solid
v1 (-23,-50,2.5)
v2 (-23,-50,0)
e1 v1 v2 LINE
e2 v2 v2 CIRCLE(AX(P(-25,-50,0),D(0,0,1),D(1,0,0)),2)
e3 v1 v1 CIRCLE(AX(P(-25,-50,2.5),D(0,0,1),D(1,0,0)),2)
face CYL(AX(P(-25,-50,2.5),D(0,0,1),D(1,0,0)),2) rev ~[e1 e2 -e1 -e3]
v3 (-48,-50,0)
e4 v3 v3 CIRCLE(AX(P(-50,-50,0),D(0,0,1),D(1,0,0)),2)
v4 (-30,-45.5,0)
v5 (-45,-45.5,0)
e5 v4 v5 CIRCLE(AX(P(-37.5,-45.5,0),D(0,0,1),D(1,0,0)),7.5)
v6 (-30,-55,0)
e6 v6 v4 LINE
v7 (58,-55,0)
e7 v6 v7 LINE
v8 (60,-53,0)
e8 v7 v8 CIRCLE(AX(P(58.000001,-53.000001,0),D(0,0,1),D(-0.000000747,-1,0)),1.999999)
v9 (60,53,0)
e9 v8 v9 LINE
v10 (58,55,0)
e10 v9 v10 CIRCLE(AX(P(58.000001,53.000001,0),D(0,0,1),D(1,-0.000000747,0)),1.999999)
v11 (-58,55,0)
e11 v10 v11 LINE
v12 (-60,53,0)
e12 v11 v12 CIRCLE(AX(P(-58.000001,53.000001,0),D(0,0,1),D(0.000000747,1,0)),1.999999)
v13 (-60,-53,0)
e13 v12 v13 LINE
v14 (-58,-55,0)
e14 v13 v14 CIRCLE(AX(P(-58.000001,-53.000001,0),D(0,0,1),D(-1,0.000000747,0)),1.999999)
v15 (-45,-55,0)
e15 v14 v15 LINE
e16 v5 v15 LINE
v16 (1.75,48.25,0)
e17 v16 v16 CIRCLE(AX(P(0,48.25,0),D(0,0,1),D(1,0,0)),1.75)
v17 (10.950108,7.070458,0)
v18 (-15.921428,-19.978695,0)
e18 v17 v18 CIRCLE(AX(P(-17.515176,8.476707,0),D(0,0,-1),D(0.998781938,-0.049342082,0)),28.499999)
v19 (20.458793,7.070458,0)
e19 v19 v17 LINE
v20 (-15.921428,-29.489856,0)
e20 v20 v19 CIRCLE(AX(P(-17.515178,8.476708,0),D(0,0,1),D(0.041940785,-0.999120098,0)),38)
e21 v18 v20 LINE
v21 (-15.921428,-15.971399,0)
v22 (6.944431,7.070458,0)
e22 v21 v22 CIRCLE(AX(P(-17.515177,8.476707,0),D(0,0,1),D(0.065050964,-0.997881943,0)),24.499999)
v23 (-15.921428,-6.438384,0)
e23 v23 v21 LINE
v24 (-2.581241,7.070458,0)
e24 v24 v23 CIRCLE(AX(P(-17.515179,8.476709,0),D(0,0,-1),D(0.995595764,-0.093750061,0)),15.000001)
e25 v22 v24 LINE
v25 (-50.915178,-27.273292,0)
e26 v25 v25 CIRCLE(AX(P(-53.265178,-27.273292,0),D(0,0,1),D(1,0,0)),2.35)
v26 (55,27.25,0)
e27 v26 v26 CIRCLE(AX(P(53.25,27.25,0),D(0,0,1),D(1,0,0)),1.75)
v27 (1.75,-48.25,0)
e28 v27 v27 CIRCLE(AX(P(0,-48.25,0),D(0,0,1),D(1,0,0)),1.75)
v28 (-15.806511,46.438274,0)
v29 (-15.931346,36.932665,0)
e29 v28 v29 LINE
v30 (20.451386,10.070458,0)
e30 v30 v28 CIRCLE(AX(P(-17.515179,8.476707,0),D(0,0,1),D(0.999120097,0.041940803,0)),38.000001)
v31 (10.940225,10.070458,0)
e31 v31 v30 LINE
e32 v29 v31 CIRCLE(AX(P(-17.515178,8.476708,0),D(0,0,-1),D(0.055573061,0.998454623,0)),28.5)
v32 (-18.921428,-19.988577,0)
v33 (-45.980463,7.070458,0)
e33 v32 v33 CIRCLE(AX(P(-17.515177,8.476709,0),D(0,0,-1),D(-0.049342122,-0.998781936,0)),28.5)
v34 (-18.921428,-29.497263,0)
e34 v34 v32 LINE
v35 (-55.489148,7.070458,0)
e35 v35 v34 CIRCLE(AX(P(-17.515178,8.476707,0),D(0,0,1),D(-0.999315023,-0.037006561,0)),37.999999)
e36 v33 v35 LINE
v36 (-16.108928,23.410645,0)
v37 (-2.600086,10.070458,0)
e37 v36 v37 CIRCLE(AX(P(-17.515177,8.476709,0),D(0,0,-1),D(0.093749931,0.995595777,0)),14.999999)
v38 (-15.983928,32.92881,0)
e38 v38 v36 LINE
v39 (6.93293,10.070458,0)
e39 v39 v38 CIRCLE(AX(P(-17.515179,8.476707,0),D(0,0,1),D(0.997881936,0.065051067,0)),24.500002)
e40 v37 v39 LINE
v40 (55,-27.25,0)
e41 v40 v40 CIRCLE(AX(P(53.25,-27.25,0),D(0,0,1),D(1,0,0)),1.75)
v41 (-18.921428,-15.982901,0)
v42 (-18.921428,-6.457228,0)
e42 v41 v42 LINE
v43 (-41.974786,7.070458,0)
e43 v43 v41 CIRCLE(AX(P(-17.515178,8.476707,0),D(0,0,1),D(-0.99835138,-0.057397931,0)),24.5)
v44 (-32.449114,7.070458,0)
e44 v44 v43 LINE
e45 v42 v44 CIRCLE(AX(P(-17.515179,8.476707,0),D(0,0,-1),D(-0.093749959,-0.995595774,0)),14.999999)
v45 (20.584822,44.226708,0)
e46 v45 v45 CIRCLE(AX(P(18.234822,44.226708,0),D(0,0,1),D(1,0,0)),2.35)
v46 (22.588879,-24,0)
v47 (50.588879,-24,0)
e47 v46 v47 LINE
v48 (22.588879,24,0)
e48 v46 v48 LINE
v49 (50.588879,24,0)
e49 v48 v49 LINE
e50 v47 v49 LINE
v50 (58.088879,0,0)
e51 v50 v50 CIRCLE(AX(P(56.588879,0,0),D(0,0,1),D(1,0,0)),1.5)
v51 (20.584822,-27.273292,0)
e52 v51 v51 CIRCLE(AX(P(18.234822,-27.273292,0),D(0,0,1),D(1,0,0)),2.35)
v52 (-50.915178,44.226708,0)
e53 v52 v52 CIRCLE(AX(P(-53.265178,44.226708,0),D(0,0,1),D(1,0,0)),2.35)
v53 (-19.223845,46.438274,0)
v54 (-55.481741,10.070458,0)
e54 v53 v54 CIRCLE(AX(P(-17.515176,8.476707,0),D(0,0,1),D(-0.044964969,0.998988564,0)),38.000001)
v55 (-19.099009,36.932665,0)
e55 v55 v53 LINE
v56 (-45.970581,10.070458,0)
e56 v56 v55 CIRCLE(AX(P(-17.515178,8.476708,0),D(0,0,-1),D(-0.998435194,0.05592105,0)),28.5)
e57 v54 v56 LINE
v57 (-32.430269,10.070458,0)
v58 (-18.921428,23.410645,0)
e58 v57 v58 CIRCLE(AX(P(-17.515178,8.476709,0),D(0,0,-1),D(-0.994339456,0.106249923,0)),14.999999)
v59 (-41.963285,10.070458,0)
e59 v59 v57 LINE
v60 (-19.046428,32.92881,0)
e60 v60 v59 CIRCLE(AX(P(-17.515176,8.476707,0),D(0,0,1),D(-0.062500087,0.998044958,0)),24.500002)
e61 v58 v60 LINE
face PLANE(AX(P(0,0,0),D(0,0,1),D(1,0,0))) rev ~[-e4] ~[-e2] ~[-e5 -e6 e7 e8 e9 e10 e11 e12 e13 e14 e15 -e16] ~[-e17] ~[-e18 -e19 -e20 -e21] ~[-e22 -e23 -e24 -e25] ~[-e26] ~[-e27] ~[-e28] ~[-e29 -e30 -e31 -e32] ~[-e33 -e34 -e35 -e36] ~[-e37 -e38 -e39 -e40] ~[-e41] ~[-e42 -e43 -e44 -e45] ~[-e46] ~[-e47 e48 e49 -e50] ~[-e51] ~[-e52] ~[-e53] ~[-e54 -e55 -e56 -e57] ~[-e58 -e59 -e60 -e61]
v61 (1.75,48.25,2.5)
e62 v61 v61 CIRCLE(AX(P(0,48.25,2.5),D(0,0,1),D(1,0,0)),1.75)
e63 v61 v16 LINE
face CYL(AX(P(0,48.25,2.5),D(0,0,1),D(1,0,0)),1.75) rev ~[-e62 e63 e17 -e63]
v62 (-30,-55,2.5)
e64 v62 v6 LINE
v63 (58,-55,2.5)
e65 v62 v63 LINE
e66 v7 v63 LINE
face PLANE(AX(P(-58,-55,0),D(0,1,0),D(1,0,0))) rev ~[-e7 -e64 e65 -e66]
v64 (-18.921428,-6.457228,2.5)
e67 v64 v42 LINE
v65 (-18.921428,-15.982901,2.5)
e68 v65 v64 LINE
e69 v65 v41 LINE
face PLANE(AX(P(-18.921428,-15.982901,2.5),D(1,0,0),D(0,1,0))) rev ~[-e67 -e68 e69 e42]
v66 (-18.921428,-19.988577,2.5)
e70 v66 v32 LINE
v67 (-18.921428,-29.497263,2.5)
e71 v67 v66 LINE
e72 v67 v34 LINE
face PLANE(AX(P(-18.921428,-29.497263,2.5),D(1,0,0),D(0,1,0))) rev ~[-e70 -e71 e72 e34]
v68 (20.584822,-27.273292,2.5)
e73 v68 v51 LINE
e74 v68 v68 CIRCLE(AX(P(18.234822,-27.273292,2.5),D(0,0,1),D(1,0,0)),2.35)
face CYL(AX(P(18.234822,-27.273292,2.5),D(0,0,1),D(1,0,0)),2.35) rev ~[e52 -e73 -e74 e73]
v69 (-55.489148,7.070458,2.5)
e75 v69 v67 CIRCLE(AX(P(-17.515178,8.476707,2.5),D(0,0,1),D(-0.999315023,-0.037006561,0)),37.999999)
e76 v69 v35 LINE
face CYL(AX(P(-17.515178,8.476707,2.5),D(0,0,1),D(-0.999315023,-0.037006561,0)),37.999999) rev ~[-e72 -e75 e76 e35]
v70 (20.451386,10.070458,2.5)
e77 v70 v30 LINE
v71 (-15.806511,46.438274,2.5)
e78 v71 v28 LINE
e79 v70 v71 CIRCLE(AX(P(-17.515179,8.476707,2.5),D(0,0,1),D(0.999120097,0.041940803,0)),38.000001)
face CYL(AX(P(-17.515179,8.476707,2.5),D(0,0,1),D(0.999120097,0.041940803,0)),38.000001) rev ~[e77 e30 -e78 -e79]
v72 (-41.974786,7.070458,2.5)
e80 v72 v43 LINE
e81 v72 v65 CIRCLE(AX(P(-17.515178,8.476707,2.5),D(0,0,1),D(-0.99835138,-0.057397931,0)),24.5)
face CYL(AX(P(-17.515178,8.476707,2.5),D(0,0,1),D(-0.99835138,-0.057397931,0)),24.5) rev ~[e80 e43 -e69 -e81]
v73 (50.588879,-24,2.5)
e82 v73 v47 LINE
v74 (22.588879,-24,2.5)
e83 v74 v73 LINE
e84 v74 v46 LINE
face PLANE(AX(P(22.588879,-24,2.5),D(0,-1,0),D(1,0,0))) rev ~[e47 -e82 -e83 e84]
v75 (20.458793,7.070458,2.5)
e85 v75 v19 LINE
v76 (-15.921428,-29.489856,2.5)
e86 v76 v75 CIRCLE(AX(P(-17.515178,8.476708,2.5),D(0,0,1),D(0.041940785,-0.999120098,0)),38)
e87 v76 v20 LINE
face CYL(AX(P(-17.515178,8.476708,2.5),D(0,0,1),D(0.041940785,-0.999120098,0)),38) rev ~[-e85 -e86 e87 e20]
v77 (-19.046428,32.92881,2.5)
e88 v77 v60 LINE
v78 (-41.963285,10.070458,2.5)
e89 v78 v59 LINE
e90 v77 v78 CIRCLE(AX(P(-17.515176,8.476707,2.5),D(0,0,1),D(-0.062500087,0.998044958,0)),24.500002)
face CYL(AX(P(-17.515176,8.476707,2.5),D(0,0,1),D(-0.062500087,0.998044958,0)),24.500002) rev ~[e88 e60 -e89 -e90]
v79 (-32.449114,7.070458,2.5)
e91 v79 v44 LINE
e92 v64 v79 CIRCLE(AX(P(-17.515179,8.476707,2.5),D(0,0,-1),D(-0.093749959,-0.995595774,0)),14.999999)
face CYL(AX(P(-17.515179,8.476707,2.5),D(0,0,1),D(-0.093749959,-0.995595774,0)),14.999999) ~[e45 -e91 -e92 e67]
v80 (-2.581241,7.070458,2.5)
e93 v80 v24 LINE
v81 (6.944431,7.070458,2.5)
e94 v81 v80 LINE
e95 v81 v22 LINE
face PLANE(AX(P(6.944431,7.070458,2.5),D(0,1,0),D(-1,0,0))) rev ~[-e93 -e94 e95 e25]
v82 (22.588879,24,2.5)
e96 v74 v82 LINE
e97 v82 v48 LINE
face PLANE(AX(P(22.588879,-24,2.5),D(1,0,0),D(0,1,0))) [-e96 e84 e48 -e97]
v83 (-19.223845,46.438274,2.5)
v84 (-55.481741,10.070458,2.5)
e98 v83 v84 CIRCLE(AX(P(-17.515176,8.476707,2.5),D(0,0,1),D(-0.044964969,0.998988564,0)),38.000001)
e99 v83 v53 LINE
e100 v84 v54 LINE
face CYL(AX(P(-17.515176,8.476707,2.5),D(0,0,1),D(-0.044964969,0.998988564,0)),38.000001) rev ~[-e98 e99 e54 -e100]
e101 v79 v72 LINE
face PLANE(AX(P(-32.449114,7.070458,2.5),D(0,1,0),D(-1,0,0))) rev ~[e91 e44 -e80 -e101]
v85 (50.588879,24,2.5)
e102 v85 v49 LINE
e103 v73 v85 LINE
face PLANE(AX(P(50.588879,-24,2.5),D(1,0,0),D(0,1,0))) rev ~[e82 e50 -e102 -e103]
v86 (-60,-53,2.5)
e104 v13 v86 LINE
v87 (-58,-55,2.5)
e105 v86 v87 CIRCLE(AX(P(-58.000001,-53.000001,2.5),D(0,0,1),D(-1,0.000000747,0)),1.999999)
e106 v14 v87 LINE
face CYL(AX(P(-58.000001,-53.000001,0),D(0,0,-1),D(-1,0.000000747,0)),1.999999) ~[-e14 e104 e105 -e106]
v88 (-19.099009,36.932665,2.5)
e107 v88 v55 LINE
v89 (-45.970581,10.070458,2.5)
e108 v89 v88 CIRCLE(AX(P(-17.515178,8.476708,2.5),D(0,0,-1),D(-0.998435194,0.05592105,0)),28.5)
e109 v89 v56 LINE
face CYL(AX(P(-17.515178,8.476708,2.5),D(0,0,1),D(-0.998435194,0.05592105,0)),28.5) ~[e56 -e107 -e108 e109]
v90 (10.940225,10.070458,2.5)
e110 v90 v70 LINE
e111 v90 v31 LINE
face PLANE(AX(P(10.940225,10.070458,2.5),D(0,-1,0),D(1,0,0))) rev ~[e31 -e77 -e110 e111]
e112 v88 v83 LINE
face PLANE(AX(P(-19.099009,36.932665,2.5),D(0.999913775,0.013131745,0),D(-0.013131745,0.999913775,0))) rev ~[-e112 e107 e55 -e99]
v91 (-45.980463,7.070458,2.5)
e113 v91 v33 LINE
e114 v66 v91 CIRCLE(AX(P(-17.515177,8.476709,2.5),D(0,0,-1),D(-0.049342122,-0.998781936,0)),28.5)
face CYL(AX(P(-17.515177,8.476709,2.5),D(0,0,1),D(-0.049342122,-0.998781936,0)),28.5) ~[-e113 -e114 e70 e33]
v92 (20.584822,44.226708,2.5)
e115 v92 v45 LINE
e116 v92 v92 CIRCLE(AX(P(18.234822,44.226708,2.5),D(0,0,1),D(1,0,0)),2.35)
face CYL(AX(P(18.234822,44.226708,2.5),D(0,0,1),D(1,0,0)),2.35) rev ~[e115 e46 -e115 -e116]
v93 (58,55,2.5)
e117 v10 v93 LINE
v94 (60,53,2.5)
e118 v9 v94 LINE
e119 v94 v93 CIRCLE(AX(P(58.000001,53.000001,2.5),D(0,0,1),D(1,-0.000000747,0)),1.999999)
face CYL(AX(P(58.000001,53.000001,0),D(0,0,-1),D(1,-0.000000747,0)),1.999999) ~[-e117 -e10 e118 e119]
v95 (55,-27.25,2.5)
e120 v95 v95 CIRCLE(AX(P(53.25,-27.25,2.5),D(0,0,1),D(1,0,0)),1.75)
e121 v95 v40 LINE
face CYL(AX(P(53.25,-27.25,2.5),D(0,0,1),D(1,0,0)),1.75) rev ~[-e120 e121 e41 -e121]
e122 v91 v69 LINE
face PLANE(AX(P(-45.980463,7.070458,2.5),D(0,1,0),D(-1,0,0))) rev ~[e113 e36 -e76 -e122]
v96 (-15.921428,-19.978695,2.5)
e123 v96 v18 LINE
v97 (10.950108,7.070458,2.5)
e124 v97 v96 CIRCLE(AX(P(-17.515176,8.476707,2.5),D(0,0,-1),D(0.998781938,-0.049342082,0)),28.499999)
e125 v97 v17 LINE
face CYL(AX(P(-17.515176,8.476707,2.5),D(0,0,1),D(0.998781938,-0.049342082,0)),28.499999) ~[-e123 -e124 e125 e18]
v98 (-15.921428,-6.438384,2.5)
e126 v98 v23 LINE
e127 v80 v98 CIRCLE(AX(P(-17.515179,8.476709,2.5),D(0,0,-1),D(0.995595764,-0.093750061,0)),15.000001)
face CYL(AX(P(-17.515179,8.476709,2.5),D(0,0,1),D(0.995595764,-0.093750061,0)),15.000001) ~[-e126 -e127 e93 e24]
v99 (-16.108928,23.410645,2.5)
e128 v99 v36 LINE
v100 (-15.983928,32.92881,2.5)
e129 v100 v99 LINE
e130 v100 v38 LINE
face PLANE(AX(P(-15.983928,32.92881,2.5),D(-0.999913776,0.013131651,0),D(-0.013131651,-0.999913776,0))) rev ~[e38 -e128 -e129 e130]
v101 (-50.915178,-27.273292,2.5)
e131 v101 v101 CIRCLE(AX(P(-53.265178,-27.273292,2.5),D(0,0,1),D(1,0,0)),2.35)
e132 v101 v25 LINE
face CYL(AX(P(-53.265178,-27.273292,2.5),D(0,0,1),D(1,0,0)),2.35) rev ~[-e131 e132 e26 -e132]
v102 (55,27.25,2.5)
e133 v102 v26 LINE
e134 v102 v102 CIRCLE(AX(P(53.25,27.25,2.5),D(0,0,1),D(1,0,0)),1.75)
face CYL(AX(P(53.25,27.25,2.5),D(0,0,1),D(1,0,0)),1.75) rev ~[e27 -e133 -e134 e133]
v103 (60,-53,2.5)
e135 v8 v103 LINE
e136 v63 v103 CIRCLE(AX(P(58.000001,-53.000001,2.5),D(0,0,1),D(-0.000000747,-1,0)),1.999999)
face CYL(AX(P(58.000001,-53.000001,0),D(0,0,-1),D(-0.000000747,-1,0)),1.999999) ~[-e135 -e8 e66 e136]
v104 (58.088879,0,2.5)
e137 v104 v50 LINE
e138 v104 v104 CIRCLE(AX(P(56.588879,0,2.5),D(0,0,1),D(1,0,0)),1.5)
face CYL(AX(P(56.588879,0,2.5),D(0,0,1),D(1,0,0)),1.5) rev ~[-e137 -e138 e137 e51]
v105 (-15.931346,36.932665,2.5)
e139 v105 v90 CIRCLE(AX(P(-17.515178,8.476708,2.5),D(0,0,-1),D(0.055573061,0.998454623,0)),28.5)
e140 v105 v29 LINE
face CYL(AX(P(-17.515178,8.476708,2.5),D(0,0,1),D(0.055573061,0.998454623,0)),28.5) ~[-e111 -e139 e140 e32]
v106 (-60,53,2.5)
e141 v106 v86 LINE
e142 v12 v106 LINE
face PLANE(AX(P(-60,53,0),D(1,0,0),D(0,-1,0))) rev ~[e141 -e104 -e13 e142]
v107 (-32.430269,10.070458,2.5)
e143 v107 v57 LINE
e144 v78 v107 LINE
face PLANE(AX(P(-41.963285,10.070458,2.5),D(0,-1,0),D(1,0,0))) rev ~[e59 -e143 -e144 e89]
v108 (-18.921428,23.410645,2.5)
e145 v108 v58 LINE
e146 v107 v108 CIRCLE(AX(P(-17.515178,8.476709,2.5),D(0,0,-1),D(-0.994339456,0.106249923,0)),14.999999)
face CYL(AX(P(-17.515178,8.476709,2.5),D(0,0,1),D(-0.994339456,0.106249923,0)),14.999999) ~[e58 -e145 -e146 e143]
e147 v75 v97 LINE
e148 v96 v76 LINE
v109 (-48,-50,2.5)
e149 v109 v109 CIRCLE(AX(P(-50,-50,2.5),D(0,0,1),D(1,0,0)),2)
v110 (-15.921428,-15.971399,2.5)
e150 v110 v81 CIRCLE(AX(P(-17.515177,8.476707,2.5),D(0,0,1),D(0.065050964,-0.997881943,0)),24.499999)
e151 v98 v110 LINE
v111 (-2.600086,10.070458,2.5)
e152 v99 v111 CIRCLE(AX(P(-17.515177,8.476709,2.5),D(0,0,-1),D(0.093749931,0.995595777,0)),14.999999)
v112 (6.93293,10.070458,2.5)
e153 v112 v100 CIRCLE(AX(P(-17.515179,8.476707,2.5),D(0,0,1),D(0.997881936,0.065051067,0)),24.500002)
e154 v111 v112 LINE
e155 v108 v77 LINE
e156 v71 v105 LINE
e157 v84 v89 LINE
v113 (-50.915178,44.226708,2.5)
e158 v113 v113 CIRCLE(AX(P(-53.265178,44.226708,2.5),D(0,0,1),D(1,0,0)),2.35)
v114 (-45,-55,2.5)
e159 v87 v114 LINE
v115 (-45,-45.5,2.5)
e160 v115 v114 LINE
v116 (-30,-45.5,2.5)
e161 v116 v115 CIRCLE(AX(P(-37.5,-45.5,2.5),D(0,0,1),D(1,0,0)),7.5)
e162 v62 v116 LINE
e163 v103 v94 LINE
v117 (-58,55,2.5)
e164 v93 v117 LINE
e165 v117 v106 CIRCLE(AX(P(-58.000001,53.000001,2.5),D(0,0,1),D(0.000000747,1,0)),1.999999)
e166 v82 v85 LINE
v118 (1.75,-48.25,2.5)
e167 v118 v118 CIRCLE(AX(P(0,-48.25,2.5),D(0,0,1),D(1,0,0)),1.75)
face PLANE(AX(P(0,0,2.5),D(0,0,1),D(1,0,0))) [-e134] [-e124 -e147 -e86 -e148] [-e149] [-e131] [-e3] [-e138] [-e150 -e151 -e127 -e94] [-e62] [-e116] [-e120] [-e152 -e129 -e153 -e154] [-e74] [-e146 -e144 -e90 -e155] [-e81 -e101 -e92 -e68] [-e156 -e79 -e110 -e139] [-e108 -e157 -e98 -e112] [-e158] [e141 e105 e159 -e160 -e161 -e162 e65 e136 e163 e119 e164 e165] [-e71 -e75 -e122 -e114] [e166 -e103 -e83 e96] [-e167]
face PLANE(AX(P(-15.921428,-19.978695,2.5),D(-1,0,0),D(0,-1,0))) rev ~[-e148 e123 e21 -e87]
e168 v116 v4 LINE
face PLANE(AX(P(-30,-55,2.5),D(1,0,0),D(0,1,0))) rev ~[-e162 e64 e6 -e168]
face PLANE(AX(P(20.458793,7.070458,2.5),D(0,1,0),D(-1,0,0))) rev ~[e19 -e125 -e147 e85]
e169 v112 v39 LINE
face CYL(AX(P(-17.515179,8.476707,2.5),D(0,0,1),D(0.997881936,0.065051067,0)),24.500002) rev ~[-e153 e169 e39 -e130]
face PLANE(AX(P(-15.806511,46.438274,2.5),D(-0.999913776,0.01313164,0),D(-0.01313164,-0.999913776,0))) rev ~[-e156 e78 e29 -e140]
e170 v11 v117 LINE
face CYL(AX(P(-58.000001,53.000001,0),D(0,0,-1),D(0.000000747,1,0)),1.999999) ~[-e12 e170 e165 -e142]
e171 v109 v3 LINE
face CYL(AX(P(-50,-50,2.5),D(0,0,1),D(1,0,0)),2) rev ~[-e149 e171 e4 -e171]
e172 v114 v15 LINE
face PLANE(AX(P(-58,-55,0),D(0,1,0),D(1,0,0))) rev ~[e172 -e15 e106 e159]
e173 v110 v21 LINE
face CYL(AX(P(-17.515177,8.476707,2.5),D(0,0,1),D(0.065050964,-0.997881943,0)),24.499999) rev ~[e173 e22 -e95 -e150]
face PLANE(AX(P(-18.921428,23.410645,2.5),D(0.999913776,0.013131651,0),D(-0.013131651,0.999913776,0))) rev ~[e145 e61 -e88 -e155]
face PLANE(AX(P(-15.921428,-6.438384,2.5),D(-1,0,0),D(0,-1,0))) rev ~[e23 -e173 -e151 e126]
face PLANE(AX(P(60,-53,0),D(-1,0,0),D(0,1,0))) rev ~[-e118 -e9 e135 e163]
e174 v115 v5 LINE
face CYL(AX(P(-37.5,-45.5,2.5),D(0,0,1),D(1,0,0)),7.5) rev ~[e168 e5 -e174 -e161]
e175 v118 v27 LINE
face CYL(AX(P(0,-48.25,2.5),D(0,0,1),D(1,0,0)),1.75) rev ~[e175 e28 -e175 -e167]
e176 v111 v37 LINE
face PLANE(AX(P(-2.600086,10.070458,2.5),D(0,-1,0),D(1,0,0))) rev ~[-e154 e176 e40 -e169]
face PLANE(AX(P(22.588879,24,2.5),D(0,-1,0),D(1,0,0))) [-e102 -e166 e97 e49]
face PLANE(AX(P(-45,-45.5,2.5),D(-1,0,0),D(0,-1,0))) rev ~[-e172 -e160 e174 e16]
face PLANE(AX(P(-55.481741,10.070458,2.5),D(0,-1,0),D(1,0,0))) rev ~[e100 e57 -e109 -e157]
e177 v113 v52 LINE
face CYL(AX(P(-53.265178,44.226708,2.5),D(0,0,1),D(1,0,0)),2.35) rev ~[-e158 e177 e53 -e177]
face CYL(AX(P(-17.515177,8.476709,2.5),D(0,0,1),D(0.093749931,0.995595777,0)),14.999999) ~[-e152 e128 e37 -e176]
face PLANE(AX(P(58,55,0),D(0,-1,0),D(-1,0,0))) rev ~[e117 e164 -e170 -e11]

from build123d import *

# Parameters (mm, degrees)
F1_DEPTH = 2.5
F2_R     = 1.75
F3_DEPTH = 2.5
F4_R     = 2.35
F4_R_2   = 2
F5_DEPTH = 2.5
F6_W     = 28
F6_H     = 48
F6_R     = 1.5
F7_DEPTH = 2.5


with BuildPart() as f1:
    # F0 (on Top) → F1 (new body)
    with BuildSketch(Plane.XY):
        with BuildLine():
            Line((58, 55), (-58, 55))
            ThreePointArc((-58, 55), (-59.414214, 54.414214), (-60, 53))
            Line((-60, 53), (-60, -53))
            ThreePointArc((-60, -53), (-59.414214, -54.414214), (-58, -55))
            Line((-58, -55), (58, -55))
            ThreePointArc((58, -55), (59.414214, -54.414214), (60, -53))
            Line((60, -53), (60, 53))
            ThreePointArc((60, 53), (59.414214, 54.414214), (58, 55))
        make_face()
    extrude(amount=F1_DEPTH)

    # F2 (on face) → F3 (cut, through all)
    with BuildSketch(Plane.XY.offset(2.5)):
        with Locations((53.25, 27.25)):
            Circle(F2_R)
        with Locations((0, 48.25)):
            Circle(F2_R)
        with Locations((0, -48.25)):
            Circle(F2_R)
        with Locations((53.25, -27.25)):
            Circle(F2_R)
        with Locations((-53.25, -27.25)):
            Circle(F2_R)
    extrude(amount=-F3_DEPTH, mode=Mode.SUBTRACT)

    # F4 (on face) → F5 (cut, through all)
    with BuildSketch(Plane.XY.offset(2.5)):
        with BuildLine():
            Line((-45, -45.5), (-45, -55))
            Line((-45, -55), (-30, -55))
            Line((-30, -55), (-30, -45.5))
            ThreePointArc((-30, -45.5), (-37.5, -38), (-45, -45.5))
        make_face()
        with Locations((-53.265178, 44.226708)):
            Circle(F4_R)
        with Locations((18.234822, 44.226708)):
            Circle(F4_R)
        with Locations((-53.265178, -27.273292)):
            Circle(F4_R)
        with Locations((18.234822, -27.273292)):
            Circle(F4_R)
        with BuildLine():
            ThreePointArc((-18.921428, -6.457228), (-28.121779, -2.129894), (-32.449114, 7.070458))
            Line((-32.449114, 7.070458), (-41.974786, 7.070458))
            ThreePointArc((-41.974786, 7.070458), (-34.839294, -8.847408), (-18.921428, -15.982901))
            Line((-18.921428, -15.982901), (-18.921428, -6.457228))
        make_face()
        with BuildLine():
            ThreePointArc((-18.921428, -19.988577), (-37.667721, -11.675835), (-45.980463, 7.070458))
            Line((-45.980463, 7.070458), (-55.489148, 7.070458))
            ThreePointArc((-55.489148, 7.070458), (-44.385235, -18.39335), (-18.921428, -29.497263))
            Line((-18.921428, -29.497263), (-18.921428, -19.988577))
        make_face()
        with BuildLine():
            ThreePointArc((-19.223845, 46.438274), (-44.425872, 35.306067), (-55.481741, 10.070458))
            Line((-55.481741, 10.070458), (-45.970581, 10.070458))
            ThreePointArc((-45.970581, 10.070458), (-37.664209, 28.632763), (-19.099009, 36.932665))
            Line((-19.099009, 36.932665), (-19.223845, 46.438274))
        make_face()
        with BuildLine():
            Line((-15.921428, -19.978695), (-15.921428, -29.489856))
            ThreePointArc((-15.921428, -29.489856), (9.421141, -18.326925), (20.458793, 7.070458))
            Line((20.458793, 7.070458), (10.950108, 7.070458))
            ThreePointArc((10.950108, 7.070458), (2.70364, -11.609343), (-15.921428, -19.978695))
        make_face()
        with BuildLine():
            ThreePointArc((-16.108928, 23.410645), (-6.97541, 19.149726), (-2.600086, 10.070458))
            Line((-2.600086, 10.070458), (6.93293, 10.070458))
            ThreePointArc((6.93293, 10.070458), (-0.213218, 25.822952), (-15.983928, 32.92881))
            Line((-15.983928, 32.92881), (-16.108928, 23.410645))
        make_face()
        with BuildLine():
            ThreePointArc((-15.931346, 36.932665), (2.633853, 28.632763), (10.940225, 10.070458))
            Line((10.940225, 10.070458), (20.451386, 10.070458))
            ThreePointArc((20.451386, 10.070458), (9.395517, 35.306067), (-15.806511, 46.438274))
            Line((-15.806511, 46.438274), (-15.931346, 36.932665))
        make_face()
        with BuildLine():
            ThreePointArc((-2.581241, 7.070458), (-6.84216, -2.063059), (-15.921428, -6.438384))
            Line((-15.921428, -6.438384), (-15.921428, -15.971399))
            ThreePointArc((-15.921428, -15.971399), (-0.124773, -8.780865), (6.944431, 7.070458))
            Line((6.944431, 7.070458), (-2.581241, 7.070458))
        make_face()
        with BuildLine():
            Line((-18.921428, 23.410645), (-19.046428, 32.92881))
            ThreePointArc((-19.046428, 32.92881), (-34.817137, 25.822952), (-41.963285, 10.070458))
            Line((-41.963285, 10.070458), (-32.430269, 10.070458))
            ThreePointArc((-32.430269, 10.070458), (-28.054945, 19.149726), (-18.921428, 23.410645))
        make_face()
        with Locations((-50, -50)):
            Circle(F4_R_2)
        with Locations((-25, -50)):
            Circle(F4_R_2)
    extrude(amount=-F5_DEPTH, mode=Mode.SUBTRACT)

    # F6 (on face) → F7 (cut, through all)
    with BuildSketch(Plane.XY.offset(2.5)):
        with Locations((36.588879, 0)):
            Rectangle(F6_W, F6_H)
        with Locations((56.588879, 0)):
            Circle(F6_R)
    extrude(amount=-F7_DEPTH, mode=Mode.SUBTRACT)


solid = f1.part
